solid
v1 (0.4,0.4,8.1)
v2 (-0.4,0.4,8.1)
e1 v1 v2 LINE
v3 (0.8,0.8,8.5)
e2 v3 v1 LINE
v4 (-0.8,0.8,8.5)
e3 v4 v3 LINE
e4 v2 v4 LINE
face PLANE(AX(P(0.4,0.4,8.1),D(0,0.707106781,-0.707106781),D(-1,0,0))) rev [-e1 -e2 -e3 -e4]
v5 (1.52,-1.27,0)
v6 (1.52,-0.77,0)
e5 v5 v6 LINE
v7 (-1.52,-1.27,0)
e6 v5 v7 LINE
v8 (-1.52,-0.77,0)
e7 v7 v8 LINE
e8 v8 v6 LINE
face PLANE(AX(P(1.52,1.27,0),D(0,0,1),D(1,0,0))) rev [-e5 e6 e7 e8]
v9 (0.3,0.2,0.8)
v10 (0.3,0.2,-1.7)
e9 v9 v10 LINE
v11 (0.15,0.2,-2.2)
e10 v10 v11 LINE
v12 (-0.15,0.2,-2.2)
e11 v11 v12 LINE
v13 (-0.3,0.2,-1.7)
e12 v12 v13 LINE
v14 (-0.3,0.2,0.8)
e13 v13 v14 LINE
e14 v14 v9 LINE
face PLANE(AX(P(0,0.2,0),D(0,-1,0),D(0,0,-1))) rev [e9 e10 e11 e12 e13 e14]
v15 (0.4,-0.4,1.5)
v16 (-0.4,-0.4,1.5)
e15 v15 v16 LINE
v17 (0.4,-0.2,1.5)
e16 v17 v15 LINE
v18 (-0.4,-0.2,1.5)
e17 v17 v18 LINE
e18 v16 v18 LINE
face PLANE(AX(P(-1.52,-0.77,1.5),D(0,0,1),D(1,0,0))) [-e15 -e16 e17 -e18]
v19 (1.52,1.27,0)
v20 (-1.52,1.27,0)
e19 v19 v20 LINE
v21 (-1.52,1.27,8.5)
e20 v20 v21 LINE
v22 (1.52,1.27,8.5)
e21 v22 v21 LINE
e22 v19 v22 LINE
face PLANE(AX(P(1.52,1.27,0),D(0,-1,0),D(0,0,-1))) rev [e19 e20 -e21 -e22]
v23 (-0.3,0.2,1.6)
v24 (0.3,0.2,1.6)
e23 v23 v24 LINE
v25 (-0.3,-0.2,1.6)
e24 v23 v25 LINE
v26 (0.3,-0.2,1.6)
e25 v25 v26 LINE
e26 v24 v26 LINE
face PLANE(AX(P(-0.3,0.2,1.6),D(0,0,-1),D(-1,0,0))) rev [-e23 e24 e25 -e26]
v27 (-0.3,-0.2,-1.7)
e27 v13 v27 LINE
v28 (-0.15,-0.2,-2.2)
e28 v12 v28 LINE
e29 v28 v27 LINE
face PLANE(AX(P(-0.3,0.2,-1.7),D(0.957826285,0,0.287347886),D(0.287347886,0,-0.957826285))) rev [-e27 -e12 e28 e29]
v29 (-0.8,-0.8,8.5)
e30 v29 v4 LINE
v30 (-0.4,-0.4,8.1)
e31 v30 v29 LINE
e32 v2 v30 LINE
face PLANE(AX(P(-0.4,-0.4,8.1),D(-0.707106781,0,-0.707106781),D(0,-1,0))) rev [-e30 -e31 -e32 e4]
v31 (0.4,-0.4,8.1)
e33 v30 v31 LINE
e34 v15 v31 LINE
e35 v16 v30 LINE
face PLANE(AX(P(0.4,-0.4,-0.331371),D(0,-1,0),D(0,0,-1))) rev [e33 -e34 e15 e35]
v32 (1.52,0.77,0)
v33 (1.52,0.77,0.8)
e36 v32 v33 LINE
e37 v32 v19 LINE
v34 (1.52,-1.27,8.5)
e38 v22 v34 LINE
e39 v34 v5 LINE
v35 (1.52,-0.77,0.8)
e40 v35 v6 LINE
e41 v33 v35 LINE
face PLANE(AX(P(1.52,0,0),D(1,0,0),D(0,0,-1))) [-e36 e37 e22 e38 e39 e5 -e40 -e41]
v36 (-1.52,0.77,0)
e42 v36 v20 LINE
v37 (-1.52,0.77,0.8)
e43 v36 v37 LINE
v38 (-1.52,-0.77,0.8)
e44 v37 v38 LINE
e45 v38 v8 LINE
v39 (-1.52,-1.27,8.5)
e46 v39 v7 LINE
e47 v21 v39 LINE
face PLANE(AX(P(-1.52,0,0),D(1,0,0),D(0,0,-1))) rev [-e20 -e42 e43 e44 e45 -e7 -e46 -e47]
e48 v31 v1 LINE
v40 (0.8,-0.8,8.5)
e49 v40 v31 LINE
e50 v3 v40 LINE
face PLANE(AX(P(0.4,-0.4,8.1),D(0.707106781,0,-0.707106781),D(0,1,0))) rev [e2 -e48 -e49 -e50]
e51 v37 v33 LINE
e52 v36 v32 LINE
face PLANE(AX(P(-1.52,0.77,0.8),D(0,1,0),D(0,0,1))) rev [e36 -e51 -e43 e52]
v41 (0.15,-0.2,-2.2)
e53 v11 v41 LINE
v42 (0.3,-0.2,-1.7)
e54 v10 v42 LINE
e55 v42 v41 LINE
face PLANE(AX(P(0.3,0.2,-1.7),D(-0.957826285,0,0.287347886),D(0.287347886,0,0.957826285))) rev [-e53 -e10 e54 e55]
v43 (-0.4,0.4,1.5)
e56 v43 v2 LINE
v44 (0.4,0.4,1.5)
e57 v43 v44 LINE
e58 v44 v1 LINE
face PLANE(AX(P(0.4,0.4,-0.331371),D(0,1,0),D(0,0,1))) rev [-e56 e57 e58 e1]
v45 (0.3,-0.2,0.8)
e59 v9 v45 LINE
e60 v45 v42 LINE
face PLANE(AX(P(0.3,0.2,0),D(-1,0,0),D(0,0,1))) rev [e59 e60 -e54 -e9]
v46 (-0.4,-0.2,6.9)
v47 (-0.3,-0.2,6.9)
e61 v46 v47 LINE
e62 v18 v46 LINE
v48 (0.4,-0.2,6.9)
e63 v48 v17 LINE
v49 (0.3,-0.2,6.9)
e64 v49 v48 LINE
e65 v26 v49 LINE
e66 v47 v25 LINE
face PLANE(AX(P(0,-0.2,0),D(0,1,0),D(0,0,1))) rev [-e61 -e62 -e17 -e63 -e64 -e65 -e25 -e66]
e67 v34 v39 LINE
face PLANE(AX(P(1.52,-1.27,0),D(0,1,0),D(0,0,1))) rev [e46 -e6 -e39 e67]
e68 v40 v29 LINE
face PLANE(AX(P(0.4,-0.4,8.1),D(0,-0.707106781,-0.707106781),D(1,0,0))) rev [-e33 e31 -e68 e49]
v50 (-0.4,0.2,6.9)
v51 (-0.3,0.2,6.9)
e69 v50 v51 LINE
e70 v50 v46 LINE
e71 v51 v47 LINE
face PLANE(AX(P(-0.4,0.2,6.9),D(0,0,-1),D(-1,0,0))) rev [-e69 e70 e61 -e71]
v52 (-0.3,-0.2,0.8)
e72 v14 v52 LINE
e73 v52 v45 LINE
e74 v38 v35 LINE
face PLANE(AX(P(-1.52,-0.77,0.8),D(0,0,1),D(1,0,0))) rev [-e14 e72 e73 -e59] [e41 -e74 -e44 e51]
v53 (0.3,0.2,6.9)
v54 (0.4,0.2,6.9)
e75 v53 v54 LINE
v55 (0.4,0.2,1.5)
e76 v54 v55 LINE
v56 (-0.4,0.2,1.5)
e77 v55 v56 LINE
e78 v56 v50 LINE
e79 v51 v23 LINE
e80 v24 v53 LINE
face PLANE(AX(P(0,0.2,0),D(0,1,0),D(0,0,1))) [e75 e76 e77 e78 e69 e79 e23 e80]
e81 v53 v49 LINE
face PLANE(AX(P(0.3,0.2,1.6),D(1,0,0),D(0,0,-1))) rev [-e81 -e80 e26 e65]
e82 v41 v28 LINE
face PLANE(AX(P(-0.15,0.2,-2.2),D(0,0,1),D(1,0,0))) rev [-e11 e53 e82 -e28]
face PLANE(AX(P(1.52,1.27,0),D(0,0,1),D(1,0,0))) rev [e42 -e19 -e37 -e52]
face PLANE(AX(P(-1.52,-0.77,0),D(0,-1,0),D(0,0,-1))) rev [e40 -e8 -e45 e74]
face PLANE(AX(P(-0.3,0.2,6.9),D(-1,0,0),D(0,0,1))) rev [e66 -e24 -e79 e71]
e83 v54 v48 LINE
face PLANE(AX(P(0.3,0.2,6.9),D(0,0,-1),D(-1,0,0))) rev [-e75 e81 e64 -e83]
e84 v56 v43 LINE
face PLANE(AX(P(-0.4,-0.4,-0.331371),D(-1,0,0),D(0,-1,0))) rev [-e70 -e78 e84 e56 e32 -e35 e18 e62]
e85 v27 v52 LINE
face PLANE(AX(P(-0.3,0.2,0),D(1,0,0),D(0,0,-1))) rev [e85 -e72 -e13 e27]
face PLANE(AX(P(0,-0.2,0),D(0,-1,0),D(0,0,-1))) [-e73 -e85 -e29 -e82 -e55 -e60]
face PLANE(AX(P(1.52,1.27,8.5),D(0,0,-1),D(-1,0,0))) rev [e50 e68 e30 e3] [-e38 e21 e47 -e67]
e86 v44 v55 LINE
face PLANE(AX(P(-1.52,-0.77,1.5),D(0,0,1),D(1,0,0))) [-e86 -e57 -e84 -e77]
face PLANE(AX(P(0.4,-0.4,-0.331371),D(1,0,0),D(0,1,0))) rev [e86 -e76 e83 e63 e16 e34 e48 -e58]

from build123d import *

# Parameters (mm, degrees)
SKETCH1_W           = 2.54
SKETCH1_H           = 8.5
BOSS_EXTRUDE1_DEPTH = 1.52
SKETCH_1_W          = 0.8
SKETCH_1_H          = 1.54
CUT_EXTRUDE_1_DEPTH = 10.116166958
SKETCH2_W           = 0.8
SKETCH2_H           = 0.8
CUT_EXTRUDE1_DEPTH  = 7
CHAMFER_1_SIZE      = 0.4
BOSS_EXTRUDE2_DEPTH = 0.2


with BuildPart() as part:
    # Sketch1 → Boss-Extrude1 (new, symmetric)
    with BuildSketch(Plane(origin=(0, 0, 0), x_dir=(0, -1, 0), z_dir=(1, 0, 0))):
        with Locations((0, -4.25)):
            Rectangle(SKETCH1_W, SKETCH1_H)
    extrude(amount=BOSS_EXTRUDE1_DEPTH, both=True)

    # Эскиз1 → Вырез-Вытянуть1 (cut, through all)
    with BuildSketch(Plane(origin=(1.52, 0, 0), x_dir=(0, 0, -1), z_dir=(1, 0, 0))):
        with Locations((-0.4, 0)):
            Rectangle(SKETCH_1_W, SKETCH_1_H)
    extrude(amount=-CUT_EXTRUDE_1_DEPTH, mode=Mode.SUBTRACT)

    # Sketch2 → Cut-Extrude1 (cut)
    with BuildSketch(Plane(origin=(0, 0, 8.5), x_dir=(-1, 0, 0), z_dir=(0, 0, 1))):
        Rectangle(SKETCH2_W, SKETCH2_H)
    extrude(amount=-CUT_EXTRUDE1_DEPTH, mode=Mode.SUBTRACT)

    # Фаска1
    chamfer_1_edges = [part.edges().sort_by_distance(p)[0] for p in [
        (-0.4, 0, 8.5),
        (0, -0.4, 8.5),
        (0.4, 0, 8.5),
        (0, 0.4, 8.5),
    ]]
    chamfer(chamfer_1_edges, length=CHAMFER_1_SIZE)

    # Sketch3 → Boss-Extrude2 (add, symmetric)
    with BuildSketch(Plane(origin=(0, 0, 0), x_dir=(1, 0, 0), z_dir=(0, 1, 0))):
        Polygon((-0.3, 0), (-0.3, 1.7), (-0.15, 2.2), (0.15, 2.2), (0.3, 1.7), (0.3, 0), (0.3, -0.8), (-0.3, -0.8), align=None)
        Polygon((0.4, -1.5), (-0.4, -1.5), (-0.4, -6.9), (-0.3, -6.9), (-0.3, -1.6), (0.3, -1.6), (0.3, -6.9), (0.4, -6.9), align=None)
    extrude(amount=BOSS_EXTRUDE2_DEPTH, both=True)


solid = part.part
